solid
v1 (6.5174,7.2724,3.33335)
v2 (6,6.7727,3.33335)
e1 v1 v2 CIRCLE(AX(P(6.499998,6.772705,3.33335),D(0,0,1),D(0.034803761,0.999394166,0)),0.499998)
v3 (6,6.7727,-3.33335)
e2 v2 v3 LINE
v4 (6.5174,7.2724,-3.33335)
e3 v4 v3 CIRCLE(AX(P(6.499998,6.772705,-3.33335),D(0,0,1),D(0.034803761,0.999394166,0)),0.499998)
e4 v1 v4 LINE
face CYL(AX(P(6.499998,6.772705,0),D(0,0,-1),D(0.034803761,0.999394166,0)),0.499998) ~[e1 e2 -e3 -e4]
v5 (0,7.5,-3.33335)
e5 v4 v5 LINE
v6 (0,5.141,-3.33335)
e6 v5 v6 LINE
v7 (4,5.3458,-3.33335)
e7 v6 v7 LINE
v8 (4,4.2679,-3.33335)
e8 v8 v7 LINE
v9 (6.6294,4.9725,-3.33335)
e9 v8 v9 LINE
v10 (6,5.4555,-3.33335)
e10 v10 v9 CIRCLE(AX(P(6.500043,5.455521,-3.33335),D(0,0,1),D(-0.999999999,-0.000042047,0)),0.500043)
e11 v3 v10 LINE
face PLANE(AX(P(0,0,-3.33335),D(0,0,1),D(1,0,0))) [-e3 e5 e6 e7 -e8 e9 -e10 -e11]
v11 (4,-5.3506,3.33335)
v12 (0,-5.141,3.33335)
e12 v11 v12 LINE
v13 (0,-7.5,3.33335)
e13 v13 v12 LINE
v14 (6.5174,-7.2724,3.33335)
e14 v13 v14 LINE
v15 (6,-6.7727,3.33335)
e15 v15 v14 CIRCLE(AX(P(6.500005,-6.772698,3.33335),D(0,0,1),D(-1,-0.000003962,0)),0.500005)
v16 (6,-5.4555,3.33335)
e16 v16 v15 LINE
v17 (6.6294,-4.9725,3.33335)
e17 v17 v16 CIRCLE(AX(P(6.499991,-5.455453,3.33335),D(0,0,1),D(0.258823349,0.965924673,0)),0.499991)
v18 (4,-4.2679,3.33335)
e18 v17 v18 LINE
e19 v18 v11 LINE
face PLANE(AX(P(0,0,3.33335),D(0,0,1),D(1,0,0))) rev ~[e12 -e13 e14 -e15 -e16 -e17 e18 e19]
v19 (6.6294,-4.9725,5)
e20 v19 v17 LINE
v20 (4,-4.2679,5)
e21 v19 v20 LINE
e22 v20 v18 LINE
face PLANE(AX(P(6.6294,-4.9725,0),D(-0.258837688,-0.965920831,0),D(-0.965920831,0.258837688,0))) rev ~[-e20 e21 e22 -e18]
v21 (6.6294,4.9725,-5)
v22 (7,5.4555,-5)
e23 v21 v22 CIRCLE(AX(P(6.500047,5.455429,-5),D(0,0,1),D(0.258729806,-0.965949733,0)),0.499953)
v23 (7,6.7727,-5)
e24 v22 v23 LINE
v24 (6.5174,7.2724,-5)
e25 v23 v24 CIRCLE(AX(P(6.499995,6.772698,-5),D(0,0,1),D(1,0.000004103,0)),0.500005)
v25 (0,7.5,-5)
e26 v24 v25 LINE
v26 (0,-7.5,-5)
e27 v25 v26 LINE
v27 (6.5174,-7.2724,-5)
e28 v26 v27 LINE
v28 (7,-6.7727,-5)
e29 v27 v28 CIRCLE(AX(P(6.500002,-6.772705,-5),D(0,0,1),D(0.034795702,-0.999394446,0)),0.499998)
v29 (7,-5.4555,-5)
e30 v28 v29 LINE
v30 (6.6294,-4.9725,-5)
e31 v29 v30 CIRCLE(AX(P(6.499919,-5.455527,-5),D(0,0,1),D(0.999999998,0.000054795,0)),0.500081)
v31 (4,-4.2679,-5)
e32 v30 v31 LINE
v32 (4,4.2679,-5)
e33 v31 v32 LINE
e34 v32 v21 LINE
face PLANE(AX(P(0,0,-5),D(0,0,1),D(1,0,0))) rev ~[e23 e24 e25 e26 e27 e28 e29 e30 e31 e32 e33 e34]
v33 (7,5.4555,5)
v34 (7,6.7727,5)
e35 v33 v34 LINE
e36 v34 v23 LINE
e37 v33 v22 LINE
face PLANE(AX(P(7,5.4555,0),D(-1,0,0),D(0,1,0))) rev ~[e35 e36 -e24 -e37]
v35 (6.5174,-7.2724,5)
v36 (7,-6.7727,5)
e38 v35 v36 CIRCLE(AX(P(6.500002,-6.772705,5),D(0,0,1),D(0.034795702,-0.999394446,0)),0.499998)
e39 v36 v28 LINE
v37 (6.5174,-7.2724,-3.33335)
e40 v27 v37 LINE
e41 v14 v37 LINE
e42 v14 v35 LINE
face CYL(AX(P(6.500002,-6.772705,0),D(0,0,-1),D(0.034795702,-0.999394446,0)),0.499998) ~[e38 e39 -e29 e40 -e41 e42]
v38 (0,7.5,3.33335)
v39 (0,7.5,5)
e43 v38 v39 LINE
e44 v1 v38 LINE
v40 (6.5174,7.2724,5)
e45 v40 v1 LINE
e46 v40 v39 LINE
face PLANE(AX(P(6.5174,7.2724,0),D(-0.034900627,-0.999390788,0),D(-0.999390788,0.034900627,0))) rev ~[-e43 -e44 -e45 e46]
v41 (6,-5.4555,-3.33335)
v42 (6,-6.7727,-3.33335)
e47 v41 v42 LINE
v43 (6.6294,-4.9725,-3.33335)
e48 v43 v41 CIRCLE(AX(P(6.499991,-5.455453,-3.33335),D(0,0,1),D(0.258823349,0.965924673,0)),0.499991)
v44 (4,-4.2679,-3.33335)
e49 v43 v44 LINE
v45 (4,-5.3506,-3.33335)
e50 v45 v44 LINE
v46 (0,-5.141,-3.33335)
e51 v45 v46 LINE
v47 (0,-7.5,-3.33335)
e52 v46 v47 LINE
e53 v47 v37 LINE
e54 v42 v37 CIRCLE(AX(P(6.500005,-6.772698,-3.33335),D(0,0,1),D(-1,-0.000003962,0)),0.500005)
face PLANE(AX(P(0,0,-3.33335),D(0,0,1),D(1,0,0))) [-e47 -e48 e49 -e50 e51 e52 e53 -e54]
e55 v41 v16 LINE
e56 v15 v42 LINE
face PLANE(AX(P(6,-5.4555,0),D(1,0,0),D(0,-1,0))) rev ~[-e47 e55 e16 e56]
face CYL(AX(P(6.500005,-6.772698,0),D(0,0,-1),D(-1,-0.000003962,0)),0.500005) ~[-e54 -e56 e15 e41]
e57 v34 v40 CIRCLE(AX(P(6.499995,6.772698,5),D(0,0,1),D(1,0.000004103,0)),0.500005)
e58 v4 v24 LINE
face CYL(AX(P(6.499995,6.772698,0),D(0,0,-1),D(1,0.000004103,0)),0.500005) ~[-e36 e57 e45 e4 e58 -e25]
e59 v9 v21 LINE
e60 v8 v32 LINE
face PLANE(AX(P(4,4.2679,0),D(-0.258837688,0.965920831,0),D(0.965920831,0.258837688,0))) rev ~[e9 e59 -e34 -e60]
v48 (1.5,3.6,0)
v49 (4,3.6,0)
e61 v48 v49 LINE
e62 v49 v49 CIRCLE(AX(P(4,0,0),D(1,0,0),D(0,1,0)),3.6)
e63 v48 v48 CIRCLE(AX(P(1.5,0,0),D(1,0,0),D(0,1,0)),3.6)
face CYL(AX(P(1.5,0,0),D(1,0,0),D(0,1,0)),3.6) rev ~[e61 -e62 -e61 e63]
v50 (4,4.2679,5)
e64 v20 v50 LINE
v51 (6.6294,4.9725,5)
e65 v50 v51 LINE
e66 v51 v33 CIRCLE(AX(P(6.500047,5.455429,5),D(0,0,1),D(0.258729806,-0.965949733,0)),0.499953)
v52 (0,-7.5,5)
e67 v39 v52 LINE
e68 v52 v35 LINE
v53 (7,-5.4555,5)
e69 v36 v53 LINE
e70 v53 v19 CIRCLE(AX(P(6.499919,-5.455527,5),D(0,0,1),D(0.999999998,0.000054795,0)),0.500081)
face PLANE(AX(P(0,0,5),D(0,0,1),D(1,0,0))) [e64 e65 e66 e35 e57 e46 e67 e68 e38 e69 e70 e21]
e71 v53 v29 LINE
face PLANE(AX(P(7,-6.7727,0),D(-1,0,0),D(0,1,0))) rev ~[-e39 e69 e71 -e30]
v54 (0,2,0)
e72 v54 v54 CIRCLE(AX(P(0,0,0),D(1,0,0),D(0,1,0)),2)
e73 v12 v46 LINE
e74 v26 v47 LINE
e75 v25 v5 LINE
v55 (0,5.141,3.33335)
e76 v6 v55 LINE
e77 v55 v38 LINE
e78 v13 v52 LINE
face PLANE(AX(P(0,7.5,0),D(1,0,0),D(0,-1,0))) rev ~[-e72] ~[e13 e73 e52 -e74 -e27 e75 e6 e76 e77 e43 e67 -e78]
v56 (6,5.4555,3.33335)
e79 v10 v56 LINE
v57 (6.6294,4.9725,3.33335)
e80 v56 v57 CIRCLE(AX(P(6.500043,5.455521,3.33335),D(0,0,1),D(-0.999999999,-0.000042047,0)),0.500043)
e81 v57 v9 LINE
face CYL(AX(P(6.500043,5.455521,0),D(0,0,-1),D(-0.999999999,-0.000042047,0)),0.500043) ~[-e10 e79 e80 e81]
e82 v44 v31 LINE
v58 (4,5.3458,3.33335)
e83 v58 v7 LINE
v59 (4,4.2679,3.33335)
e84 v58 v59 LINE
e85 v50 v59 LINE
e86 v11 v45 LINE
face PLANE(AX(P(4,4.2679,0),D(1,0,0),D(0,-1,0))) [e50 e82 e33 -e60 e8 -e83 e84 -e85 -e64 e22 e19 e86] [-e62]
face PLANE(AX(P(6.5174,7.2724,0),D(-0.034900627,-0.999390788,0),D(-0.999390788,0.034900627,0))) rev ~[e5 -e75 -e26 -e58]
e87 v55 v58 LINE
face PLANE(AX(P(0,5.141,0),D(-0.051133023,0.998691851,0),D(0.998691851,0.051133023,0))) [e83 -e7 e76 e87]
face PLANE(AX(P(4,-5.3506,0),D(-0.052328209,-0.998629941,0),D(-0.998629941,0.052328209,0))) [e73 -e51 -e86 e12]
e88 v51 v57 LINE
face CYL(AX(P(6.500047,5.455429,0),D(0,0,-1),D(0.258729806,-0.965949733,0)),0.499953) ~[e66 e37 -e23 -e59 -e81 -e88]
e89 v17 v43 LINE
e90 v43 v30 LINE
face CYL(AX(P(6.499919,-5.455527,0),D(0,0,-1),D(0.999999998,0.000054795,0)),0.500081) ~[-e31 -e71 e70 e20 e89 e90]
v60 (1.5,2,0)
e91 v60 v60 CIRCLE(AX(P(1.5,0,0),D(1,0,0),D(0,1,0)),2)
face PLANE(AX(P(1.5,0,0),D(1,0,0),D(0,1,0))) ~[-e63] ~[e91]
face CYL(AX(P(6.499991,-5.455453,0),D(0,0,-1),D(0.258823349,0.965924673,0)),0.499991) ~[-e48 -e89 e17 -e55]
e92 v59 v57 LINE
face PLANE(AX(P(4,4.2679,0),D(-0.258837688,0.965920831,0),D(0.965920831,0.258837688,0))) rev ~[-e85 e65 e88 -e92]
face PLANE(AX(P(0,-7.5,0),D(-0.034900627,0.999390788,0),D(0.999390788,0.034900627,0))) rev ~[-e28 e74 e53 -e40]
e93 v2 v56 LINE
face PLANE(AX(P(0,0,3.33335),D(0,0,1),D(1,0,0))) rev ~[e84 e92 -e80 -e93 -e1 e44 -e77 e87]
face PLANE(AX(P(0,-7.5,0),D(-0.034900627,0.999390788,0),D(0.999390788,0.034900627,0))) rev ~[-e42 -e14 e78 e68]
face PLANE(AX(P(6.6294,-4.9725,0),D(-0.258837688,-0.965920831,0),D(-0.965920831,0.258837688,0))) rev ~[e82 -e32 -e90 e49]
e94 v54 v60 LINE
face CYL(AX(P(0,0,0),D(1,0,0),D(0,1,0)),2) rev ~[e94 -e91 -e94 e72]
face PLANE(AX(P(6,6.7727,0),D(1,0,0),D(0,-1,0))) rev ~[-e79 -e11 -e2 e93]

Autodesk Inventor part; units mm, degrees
ref_plane "YZ Plane" through (0, 0, 0) normal (1, 0, 0) x (0, 1, 0)
ref_plane "XZ Plane" through (0, 0, 0) normal (0, 1, 0) x (-1, 0, 0)
ref_plane "XY Plane" through (0, 0, 0) normal (0, 0, 1) x (1, 0, 0)
sketch "Sketch_1" plane through (0, 0, 0) normal (0, 0, 1) x (1, 0, 0)
  line L0 (0, 7.5) -> (0, -7.5)
  line L1 (0, -7.5) -> (6.5174, -7.2724)
  arc A0 (6.5174, -7.2724) -> (7, -6.7727) centre (6.5, -6.7727) ccw
  line L2 (7, -6.7727) -> (7, -5.4555)
  arc A1 (7, -5.4555) -> (6.6294, -4.9725) centre (6.5, -5.4555) ccw
  line L3 (6.6294, -4.9725) -> (4, -4.2679)
  line L4 (4, -4.2679) -> (4, 4.2679)
  line L5 (4, 4.2679) -> (6.6294, 4.9725)
  arc A2 (6.6294, 4.9725) -> (7, 5.4555) centre (6.5, 5.4555) ccw
  line L6 (7, 5.4555) -> (7, 6.7727)
  arc A3 (7, 6.7727) -> (6.5174, 7.2724) centre (6.5, 6.7727) ccw
  line L7 (6.5174, 7.2724) -> (0, 7.5)
  point P0 (0, 0)
  point P1 (0, 0)
  dimension "d11" = 4
extrude "Extrusion1" add sketch "Sketch_1" along normal mid plane 10
sketch "Sketch_3" plane through (0, 0, 0) normal (0, 0, 1) x (1, 0, 0)
  line L0 (0, 8.3333) -> (0, 5.141)
  line L1 (0, 5.141) -> (4, 5.3458)
  line L2 (4, 5.3458) -> (4, 0)
  line L3 (4, 0) -> (8, 0)
  line L4 (8, 0) -> (8, 8.3333)
  line L5 (8, 8.3333) -> (0, 8.3333)
  arc A0 (6, 5.4555) -> (6.6294, 4.9725) centre (6.5, 5.4555) ccw
  arc A1 (6.6294, 4.9725) -> (7, 5.4555) centre (6.5, 5.4555) ccw
  line L6 (7, 5.4555) -> (7, 6.7727)
  arc A2 (7, 6.7727) -> (6.5174, 7.2724) centre (6.5, 6.7727) ccw
  arc A3 (6.5174, 7.2724) -> (6, 6.7727) centre (6.5, 6.7727) ccw
  line L7 (6, 6.7727) -> (6, 5.4555)
  line L8 (4, -4.2679) -> (4, 4.2679) projected
  line L9 (0, 7.5) -> (0, -7.5) projected
extrude "Extrusion2" cut sketch "Sketch_3" along normal mid plane 6.6667
sketch "Sketch_4" plane through (0, 0, 0) normal (0, 0, 1) x (1, 0, 0)
  line L0 (0, -8.3333) -> (8, -8.3333)
  line L1 (8, -8.3333) -> (8, 0)
  line L2 (8, 0) -> (4, 0)
  line L3 (4, 0) -> (4, -5.3506)
  line L4 (4, -5.3506) -> (0, -5.141)
  line L5 (0, -5.141) -> (0, -8.3333)
  line L6 (6, -5.4555) -> (6, -6.7727)
  arc A0 (6, -6.7727) -> (6.5174, -7.2724) centre (6.5, -6.7727) ccw
  arc A1 (6.5174, -7.2724) -> (7, -6.7727) centre (6.5, -6.7727) ccw
  line L7 (7, -6.7727) -> (7, -5.4555)
  arc A2 (7, -5.4555) -> (6.6294, -4.9725) centre (6.5, -5.4555) ccw
  arc A3 (6.6294, -4.9725) -> (6, -5.4555) centre (6.5, -5.4555) ccw
  line L8 (4, -4.2679) -> (4, 4.2679) projected
  line L9 (0, 7.5) -> (0, -7.5) projected
extrude "Extrusion3" cut sketch "Sketch_4" along normal mid plane 6.6667
sketch "Sketch_5" plane through (0, 0, 0) normal (0, 0, 1) x (1, 0, 0)
  line L0 (4, 0) -> (0, 0)
  line L1 (0, 0) -> (0, 2)
  line L2 (0, 2) -> (1.5, 2)
  line L3 (1.5, 2) -> (1.5, 3.6)
  line L4 (1.5, 3.6) -> (4, 3.6)
  line L5 (4, 3.6) -> (4, 0)
  line L6 (4, 0) -> (0, 0)
  line L7 (7, 5.4555) -> (7, 6.7727) projected
  line L8 (4, -4.2679) -> (4, 4.2679) projected
  line L9 (0, 7.5) -> (0, -7.5) projected
  dimension "d7" = 2
  dimension "d8" = 3.6
  dimension "d9" = 5.5
revolve "Revolution1" cut sketch "Sketch_5" angle 360 about axis through (4, 0, 0) along (1, 0, 0)
properties part number "520022598" material "PA 6.6-MO*Nylatron GS"
